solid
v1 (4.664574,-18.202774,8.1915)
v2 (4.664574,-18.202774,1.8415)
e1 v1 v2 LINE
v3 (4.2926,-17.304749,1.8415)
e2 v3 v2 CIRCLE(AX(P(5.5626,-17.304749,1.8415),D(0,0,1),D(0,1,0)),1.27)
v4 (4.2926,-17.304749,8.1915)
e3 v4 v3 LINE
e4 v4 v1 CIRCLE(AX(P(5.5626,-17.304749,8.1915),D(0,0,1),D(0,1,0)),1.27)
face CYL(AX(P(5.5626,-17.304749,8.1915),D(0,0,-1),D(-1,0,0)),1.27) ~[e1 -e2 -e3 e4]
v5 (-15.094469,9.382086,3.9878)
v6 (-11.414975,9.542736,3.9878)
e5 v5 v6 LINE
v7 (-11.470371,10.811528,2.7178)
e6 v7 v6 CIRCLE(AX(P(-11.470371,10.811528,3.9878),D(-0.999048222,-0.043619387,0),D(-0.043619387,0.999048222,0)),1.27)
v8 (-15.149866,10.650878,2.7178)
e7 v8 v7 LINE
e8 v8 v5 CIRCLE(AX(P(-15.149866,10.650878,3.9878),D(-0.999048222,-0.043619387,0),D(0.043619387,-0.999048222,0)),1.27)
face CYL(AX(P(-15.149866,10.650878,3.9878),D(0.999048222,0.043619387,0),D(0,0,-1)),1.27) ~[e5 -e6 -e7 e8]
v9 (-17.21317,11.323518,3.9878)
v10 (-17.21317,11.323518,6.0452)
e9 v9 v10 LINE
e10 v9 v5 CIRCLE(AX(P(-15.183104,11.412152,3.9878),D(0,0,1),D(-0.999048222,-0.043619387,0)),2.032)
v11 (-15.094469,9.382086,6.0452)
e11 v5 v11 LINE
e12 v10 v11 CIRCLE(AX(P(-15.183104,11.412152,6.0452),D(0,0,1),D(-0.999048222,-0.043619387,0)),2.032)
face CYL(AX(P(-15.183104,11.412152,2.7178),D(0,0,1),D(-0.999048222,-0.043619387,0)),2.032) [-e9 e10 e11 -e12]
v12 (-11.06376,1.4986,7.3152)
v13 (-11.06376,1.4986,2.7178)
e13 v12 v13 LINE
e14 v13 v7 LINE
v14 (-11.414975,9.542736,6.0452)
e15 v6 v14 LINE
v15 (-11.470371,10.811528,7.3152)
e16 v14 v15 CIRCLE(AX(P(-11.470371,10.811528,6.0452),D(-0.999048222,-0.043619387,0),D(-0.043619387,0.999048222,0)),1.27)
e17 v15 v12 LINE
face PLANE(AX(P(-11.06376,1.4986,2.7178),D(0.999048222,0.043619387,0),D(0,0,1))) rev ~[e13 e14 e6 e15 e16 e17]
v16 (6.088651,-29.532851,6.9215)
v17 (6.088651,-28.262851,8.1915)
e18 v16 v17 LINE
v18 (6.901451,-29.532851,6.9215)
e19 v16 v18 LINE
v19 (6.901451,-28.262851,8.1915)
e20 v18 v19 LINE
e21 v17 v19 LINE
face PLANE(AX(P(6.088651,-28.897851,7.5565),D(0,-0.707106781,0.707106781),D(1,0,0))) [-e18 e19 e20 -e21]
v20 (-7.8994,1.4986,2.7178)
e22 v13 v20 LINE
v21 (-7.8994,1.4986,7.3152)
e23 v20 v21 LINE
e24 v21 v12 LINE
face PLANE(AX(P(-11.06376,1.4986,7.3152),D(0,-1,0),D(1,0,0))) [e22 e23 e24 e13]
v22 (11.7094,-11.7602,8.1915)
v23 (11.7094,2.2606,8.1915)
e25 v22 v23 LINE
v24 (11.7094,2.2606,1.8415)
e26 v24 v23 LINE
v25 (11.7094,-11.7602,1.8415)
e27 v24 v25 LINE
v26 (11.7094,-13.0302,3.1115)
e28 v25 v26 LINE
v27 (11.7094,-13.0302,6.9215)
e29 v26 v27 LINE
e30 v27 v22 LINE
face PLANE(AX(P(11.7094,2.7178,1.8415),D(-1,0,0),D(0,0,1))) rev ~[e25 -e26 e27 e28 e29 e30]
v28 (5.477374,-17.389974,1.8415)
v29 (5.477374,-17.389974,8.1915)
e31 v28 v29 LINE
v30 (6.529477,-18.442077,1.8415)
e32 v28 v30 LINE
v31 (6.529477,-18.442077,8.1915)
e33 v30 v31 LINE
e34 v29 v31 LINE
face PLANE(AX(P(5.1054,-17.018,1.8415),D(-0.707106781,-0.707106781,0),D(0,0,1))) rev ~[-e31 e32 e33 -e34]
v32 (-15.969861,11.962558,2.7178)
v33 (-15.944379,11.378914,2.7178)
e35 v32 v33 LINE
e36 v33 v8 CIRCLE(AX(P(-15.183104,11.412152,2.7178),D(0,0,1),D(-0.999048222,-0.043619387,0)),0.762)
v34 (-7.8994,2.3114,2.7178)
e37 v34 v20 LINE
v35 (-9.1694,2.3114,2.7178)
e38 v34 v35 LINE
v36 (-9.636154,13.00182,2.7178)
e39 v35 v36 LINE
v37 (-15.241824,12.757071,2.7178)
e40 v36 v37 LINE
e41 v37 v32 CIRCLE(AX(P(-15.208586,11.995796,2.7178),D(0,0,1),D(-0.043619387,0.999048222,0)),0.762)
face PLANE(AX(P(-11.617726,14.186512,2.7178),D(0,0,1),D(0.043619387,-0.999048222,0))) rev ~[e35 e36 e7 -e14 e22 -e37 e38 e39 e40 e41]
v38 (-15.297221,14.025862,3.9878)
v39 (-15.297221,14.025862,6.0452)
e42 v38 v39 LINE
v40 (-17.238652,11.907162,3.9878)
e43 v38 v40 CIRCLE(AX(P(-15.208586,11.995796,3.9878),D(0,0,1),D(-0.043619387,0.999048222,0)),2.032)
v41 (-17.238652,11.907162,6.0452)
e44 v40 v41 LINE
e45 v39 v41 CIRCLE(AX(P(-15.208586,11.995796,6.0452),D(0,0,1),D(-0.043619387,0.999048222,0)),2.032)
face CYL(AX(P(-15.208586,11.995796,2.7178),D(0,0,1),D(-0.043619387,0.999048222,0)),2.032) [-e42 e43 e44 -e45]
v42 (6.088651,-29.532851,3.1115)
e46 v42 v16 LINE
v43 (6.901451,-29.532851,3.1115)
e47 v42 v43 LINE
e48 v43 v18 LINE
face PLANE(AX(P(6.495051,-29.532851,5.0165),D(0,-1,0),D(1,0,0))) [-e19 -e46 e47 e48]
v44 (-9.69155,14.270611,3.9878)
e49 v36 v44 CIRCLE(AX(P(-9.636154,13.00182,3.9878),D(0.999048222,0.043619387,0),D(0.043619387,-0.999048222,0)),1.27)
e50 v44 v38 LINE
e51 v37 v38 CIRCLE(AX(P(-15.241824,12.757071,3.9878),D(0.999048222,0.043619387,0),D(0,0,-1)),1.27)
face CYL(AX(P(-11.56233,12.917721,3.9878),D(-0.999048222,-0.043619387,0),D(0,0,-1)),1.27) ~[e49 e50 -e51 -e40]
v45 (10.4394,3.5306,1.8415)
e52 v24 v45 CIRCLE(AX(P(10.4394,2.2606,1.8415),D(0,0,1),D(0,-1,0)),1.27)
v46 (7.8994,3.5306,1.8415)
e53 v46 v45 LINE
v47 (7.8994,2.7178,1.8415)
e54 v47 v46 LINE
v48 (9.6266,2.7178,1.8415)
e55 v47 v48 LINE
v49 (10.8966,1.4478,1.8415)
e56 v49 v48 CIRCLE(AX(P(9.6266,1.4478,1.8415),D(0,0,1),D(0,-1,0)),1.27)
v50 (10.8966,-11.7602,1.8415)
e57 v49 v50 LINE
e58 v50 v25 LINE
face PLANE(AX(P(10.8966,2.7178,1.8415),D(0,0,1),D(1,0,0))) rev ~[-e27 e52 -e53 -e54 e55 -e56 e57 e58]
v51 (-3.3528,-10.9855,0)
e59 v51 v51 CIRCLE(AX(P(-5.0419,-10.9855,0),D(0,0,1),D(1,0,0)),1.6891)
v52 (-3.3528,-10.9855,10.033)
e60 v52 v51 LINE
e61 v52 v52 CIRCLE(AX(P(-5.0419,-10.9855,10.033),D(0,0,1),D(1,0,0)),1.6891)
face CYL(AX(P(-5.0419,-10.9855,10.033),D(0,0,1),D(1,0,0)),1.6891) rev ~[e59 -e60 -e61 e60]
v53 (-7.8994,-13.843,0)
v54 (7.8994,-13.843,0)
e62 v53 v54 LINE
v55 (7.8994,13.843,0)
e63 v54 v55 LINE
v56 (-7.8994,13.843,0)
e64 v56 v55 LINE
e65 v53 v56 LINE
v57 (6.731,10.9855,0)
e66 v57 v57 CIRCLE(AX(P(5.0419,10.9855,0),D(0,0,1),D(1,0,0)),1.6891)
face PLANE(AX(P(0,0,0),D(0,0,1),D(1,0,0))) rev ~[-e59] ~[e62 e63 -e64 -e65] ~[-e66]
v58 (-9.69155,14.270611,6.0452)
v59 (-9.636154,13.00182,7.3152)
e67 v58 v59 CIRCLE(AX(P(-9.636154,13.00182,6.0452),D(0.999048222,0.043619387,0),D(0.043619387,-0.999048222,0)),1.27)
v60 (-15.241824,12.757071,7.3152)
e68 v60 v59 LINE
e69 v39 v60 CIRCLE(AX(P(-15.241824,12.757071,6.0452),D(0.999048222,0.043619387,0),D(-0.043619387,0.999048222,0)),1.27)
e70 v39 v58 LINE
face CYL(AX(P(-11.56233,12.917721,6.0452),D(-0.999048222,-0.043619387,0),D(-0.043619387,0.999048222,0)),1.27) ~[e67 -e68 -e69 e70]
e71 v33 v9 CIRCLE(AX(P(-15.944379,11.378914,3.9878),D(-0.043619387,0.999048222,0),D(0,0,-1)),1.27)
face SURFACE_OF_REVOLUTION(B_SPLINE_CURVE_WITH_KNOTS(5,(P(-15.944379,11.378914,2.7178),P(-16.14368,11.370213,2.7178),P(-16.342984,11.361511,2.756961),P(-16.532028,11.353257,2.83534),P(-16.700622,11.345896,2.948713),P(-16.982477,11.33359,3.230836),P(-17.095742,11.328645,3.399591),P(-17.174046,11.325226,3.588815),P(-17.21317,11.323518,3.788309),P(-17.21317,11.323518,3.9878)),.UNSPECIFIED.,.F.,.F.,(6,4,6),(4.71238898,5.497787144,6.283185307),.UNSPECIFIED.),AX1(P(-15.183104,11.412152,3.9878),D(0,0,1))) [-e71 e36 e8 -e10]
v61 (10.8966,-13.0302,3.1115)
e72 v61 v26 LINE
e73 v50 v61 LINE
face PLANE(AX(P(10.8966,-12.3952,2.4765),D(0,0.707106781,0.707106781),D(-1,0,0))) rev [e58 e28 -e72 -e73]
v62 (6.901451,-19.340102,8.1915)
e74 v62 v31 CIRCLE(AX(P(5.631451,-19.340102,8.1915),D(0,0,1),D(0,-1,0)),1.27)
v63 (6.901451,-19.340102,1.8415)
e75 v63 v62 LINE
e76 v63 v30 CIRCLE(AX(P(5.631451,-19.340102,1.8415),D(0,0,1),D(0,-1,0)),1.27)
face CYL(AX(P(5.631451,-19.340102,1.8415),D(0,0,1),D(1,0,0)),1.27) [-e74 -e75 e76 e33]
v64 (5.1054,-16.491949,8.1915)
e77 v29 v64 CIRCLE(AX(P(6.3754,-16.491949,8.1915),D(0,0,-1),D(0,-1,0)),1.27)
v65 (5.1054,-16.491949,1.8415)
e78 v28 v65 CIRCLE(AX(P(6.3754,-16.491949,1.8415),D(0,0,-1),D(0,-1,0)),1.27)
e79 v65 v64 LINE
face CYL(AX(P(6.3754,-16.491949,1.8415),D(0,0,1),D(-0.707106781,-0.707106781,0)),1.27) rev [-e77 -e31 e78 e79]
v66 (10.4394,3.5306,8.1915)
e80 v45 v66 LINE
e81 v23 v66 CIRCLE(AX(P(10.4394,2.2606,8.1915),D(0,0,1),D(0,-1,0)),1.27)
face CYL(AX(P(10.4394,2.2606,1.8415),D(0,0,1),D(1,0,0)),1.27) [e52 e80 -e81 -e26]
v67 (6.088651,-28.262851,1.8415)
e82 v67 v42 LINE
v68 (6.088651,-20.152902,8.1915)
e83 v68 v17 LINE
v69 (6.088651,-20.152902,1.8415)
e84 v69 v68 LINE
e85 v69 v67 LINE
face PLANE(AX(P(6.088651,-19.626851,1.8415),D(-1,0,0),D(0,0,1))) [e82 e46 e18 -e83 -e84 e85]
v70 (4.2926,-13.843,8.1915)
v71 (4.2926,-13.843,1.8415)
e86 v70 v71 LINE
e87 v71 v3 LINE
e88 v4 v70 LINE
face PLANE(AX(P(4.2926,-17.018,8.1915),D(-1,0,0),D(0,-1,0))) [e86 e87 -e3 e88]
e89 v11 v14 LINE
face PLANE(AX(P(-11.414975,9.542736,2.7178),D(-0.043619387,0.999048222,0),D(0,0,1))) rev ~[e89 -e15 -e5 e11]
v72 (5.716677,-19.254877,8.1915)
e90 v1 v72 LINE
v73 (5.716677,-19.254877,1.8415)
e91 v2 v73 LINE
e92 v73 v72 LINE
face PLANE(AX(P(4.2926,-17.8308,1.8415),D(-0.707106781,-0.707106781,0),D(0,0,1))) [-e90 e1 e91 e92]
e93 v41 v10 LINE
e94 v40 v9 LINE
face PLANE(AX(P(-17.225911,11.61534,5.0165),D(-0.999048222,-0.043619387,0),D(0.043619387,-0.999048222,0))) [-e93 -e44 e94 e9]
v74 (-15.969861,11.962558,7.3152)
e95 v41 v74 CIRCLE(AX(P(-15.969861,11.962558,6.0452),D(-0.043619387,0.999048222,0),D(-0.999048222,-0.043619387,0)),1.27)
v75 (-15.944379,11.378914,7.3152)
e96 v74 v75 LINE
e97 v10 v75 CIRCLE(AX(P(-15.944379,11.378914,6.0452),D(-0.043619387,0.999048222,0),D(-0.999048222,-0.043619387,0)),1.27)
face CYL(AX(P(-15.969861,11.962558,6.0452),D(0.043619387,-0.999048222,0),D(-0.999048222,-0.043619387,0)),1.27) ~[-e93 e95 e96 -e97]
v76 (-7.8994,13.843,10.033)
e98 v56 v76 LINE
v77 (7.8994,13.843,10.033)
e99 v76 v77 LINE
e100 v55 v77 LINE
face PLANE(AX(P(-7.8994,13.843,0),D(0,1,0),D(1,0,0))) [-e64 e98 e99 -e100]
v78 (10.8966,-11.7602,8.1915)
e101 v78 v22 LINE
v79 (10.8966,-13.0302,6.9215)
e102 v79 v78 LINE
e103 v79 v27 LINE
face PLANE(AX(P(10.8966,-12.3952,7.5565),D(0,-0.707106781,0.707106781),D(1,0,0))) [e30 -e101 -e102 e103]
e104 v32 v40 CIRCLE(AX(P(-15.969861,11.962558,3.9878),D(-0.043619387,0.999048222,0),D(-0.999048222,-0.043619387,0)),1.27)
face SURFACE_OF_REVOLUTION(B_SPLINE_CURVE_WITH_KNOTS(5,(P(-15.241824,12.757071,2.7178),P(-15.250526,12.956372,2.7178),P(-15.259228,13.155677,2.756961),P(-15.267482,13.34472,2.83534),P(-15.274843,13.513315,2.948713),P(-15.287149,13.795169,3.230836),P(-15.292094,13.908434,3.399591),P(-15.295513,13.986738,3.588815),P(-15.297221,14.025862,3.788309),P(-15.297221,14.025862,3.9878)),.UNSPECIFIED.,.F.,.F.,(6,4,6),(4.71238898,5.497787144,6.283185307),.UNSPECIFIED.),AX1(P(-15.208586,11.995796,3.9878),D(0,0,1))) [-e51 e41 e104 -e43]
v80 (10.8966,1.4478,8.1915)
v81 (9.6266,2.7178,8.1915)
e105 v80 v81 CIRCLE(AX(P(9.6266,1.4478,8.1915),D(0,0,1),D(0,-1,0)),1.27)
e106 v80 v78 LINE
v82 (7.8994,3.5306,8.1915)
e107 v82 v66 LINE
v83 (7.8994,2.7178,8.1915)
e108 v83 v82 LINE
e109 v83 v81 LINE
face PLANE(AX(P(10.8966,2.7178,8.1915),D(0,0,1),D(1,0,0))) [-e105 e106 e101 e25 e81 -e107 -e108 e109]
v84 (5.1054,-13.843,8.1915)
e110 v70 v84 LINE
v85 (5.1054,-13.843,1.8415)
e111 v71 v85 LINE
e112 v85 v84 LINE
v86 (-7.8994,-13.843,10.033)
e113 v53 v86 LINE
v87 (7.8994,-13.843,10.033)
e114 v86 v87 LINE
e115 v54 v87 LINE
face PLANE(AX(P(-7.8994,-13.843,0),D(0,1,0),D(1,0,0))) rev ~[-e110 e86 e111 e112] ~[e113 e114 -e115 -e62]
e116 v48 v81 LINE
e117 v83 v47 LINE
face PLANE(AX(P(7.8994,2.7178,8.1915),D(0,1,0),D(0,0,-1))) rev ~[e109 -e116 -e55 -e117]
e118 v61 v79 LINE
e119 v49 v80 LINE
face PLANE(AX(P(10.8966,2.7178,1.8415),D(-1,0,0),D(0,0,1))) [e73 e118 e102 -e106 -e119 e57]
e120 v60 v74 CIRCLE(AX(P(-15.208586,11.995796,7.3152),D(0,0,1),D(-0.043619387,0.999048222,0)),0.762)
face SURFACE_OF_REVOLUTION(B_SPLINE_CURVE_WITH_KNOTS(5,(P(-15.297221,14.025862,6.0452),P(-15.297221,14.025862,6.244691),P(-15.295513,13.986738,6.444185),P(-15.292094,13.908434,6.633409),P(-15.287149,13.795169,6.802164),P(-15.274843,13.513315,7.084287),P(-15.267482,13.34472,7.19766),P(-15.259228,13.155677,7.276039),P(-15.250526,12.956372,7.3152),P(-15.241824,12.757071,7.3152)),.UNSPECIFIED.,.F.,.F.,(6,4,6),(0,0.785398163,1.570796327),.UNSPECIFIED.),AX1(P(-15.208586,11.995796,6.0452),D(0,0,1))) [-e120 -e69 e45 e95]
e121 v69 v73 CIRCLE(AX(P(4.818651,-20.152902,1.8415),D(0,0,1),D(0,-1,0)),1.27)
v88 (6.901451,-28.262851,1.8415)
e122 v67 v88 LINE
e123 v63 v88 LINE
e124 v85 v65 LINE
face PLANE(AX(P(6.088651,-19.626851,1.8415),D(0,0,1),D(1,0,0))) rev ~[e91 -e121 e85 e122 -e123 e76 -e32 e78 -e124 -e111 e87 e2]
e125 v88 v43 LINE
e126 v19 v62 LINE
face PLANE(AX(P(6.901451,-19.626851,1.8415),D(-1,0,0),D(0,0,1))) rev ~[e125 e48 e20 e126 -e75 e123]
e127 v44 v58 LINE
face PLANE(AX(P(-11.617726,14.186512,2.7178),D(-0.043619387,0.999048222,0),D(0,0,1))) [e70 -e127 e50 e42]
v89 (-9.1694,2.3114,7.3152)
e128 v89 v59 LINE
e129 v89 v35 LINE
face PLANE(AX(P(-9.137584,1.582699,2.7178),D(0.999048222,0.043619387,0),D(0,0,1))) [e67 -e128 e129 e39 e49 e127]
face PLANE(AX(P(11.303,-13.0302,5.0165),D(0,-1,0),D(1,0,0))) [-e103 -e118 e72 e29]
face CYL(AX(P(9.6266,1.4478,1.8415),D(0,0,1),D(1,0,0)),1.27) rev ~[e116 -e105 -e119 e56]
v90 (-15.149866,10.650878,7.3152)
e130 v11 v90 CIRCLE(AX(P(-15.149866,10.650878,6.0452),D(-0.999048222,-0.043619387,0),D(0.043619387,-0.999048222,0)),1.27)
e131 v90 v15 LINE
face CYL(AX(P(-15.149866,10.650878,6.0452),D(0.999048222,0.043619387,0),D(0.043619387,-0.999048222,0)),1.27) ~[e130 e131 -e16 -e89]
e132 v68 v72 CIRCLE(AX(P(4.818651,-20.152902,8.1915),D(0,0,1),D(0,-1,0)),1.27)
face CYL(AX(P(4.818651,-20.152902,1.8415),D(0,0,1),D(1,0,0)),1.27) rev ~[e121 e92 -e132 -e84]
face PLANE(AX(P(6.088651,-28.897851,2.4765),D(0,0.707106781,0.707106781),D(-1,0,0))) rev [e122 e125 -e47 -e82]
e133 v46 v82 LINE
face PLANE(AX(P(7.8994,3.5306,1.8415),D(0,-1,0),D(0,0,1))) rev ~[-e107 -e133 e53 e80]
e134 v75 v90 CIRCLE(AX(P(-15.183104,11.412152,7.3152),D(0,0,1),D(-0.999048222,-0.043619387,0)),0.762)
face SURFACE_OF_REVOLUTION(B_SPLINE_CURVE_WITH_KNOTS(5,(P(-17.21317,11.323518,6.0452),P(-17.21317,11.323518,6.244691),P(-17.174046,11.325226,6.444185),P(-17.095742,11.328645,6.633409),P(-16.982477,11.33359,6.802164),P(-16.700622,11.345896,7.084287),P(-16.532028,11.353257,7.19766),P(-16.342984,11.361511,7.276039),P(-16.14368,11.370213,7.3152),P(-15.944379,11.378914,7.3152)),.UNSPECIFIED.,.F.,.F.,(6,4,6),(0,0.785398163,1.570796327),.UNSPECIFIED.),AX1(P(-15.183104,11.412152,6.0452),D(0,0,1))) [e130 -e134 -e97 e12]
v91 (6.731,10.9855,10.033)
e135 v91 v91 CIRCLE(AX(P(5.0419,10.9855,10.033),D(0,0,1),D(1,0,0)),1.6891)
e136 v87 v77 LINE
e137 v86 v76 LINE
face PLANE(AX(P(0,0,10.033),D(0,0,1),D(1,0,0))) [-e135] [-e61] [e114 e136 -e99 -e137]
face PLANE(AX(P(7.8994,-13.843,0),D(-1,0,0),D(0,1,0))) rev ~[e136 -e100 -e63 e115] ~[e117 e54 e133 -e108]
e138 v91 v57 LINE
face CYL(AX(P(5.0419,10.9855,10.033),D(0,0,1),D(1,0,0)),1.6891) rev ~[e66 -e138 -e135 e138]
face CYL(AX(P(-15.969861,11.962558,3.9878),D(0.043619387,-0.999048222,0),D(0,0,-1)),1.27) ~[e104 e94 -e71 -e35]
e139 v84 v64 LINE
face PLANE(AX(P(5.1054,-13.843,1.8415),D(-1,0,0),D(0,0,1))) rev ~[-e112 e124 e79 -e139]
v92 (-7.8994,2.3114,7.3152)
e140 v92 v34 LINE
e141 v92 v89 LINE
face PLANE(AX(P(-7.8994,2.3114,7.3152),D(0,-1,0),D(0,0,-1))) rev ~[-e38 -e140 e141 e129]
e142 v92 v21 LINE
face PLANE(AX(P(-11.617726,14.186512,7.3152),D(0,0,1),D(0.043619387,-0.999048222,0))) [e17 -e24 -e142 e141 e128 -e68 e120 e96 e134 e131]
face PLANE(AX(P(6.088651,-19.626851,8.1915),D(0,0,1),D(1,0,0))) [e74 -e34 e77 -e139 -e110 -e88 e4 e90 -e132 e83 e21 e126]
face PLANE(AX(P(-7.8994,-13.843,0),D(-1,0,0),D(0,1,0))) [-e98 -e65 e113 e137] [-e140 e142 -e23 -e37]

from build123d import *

# Parameters (mm, degrees)
F0_W      = 15.7988
F0_H      = 27.686
F1_DEPTH  = 10.033
F2_R      = 1.6891
F3_DEPTH  = 10.033
F4_W      = 0.8128
F4_H      = 3.175
F5_DEPTH  = 3.81
F6_W      = 0.8128
F6_H      = 6.35
F7_DEPTH  = 15.748
F8_R      = 1.27
F9_SIZE   = 1.27
F10_W     = 0.8128
F10_H     = 3.175
F11_DEPTH = 3.175
F13_DEPTH = 6.35
F14_W     = 1.1494727835
F14_H     = 6.35
F15_DEPTH = 2.54
F17_DEPTH = 6.35
F18_W     = 0.8128
F18_H     = 6.35
F19_DEPTH = 9.906
F20_R     = 1.27
F21_SIZE  = 1.27
F22_W     = 0.8128
F22_H     = 2.2987
F23_DEPTH = 1.27
F25_DEPTH = 4.5974
F26_W     = 1.9280109734
F26_H     = 4.5974
F27_DEPTH = 12.7
F28_W     = 4.6482
F28_H     = 4.5974
F29_DEPTH = 5.715
F30_R     = 2.032
F31_R     = 1.27


with BuildPart() as f1:
    # F0 (on Top) → F1 (new body)
    with BuildSketch(Plane.XY):
        Rectangle(F0_W, F0_H)
    extrude(amount=F1_DEPTH)

    # F2 (on face) → F3 (cut, through all)
    with BuildSketch(Plane.XY.offset(10.033)):
        with Locations((5.0419, 10.9855)):
            Circle(F2_R)
        with Locations((-5.0419, -10.9855)):
            Circle(F2_R)
    extrude(amount=-F3_DEPTH, mode=Mode.SUBTRACT)

    # F4 (on face) → F5 (join)
    with BuildSketch(Plane.YZ.offset(7.8994)):
        with Locations((3.1242, 6.604)):
            Rectangle(F4_W, F4_H)
        with Locations((3.1242, 3.429)):
            Rectangle(F4_W, F4_H)
    extrude(amount=F5_DEPTH)

    # F6 (on face) → F7 (join)
    with BuildSketch(Plane.XZ.offset(-2.7178)):
        with Locations((11.303, 5.0165)):
            Rectangle(F6_W, F6_H)
    extrude(amount=F7_DEPTH)

    # F8
    f8_edges = [f1.edges().sort_by_distance(p)[0] for p in [
        (11.7094, 3.5306, 5.0165),
        (10.8966, 2.7178, 5.0165),
    ]]
    fillet(f8_edges, radius=F8_R)

    # F9
    f9_edges = [f1.edges().sort_by_distance(p)[0] for p in [
        (11.303, -13.0302, 8.1915),
        (11.303, -13.0302, 1.8415),
    ]]
    chamfer(f9_edges, length=F9_SIZE)

    # F10 (on face) → F11 (join)
    with BuildSketch(Plane.XZ.offset(13.843)):
        with Locations((4.699, 6.604)):
            Rectangle(F10_W, F10_H)
        with Locations((4.699, 3.429)):
            Rectangle(F10_W, F10_H)
    extrude(amount=F11_DEPTH)

    # F12 (on face) → F13 (join, through all)
    with BuildSketch(Plane.XY.offset(8.1915)):
        Polygon((4.2926, -17.8308), (5.1054, -17.018), (4.2926, -17.018), align=None)
    extrude(amount=-F13_DEPTH)

    # F14 (on face) → F15 (join)
    with BuildSketch(Plane(origin=(11.0617, -11.0617, 0), x_dir=(0.7071067812, 0.7071067812, 0), z_dir=(0.7071067812, -0.7071067812, 0))):
        with Locations((-8.9982166333, 5.0165)):
            Rectangle(F14_W, F14_H)
    extrude(amount=F15_DEPTH)

    # F16 (on face) → F17 (join, through all)
    with BuildSketch(Plane.XY.offset(8.1915)):
        Polygon((6.9014512242, -19.6268512242), (6.9014512242, -18.8140512242), (6.0886512242, -19.6268512242), align=None)
    extrude(amount=-F17_DEPTH)

    # F18 (on face) → F19 (join)
    with BuildSketch(Plane.XZ.offset(19.6268512242)):
        with Locations((6.4950512242, 5.0165)):
            Rectangle(F18_W, F18_H)
    extrude(amount=F19_DEPTH)

    # F20
    f20_edges = [f1.edges().sort_by_distance(p)[0] for p in [
        (4.2926, -17.8308, 5.0165),
        (5.1054, -17.018, 5.0165),
        (6.901451, -18.814051, 5.0165),
        (6.088651, -19.626851, 5.0165),
    ]]
    fillet(f20_edges, radius=F20_R)

    # F21
    f21_edges = [f1.edges().sort_by_distance(p)[0] for p in [
        (6.495051, -29.532851, 1.8415),
        (6.495051, -29.532851, 8.1915),
    ]]
    chamfer(f21_edges, length=F21_SIZE)

    # F22 (on face) → F23 (join)
    with BuildSketch(Plane(origin=(-7.8994, 0, 0), x_dir=(0, -1, 0), z_dir=(-1, 0, 0))):
        with Locations((-1.905, 3.86715)):
            Rectangle(F22_W, F22_H)
        with Locations((-1.905, 6.16585)):
            Rectangle(F22_W, F22_H)
    extrude(amount=F23_DEPTH)

    # F24 (on face) → F25 (join, through all)
    with BuildSketch(Plane.XY.offset(7.3152)):
        Polygon((-9.1694, 1.4986), (-9.1694, 1.5813095502), (-11.0637601465, 1.4986), align=None)
    extrude(amount=-F25_DEPTH)

    # F26 (on face) → F27 (join)
    with BuildSketch(Plane(origin=(-0.0863562718, 1.9778838039, 0), x_dir=(-0.9990482216, -0.0436193874, 0), z_dir=(-0.0436193874, 0.9990482216, 0))):
        with Locations((10.0238563977, 5.0165)):
            Rectangle(F26_W, F26_H)
    extrude(amount=F27_DEPTH)

    # F28 (on face) → F29 (join)
    with BuildSketch(Plane(origin=(-10.9774038747, -0.4792838039, 0), x_dir=(0.0436193874, -0.9990482216, 0), z_dir=(-0.9990482216, -0.0436193874, 0))):
        with Locations((-12.3556681044, 5.0165)):
            Rectangle(F28_W, F28_H)
    extrude(amount=F29_DEPTH)

    # F30
    f30_edges = [f1.edges().sort_by_distance(p)[0] for p in [
        (-17.124535, 9.293452, 5.0165),
        (-17.327287, 13.937228, 5.0165),
    ]]
    fillet(f30_edges, radius=F30_R)

    # F31
    f31_edges = [f1.edges().sort_by_distance(p)[0] for p in [
        (-16.706734, 13.368596, 7.3152),
        (-16.555903, 9.914005, 7.3152),
        (-17.225911, 11.61534, 7.3152),
        (-17.225911, 11.61534, 2.7178),
        (-16.555903, 9.914005, 2.7178),
        (-16.706734, 13.368596, 2.7178),
    ]]
    fillet(f31_edges, radius=F31_R)


solid = f1.part
